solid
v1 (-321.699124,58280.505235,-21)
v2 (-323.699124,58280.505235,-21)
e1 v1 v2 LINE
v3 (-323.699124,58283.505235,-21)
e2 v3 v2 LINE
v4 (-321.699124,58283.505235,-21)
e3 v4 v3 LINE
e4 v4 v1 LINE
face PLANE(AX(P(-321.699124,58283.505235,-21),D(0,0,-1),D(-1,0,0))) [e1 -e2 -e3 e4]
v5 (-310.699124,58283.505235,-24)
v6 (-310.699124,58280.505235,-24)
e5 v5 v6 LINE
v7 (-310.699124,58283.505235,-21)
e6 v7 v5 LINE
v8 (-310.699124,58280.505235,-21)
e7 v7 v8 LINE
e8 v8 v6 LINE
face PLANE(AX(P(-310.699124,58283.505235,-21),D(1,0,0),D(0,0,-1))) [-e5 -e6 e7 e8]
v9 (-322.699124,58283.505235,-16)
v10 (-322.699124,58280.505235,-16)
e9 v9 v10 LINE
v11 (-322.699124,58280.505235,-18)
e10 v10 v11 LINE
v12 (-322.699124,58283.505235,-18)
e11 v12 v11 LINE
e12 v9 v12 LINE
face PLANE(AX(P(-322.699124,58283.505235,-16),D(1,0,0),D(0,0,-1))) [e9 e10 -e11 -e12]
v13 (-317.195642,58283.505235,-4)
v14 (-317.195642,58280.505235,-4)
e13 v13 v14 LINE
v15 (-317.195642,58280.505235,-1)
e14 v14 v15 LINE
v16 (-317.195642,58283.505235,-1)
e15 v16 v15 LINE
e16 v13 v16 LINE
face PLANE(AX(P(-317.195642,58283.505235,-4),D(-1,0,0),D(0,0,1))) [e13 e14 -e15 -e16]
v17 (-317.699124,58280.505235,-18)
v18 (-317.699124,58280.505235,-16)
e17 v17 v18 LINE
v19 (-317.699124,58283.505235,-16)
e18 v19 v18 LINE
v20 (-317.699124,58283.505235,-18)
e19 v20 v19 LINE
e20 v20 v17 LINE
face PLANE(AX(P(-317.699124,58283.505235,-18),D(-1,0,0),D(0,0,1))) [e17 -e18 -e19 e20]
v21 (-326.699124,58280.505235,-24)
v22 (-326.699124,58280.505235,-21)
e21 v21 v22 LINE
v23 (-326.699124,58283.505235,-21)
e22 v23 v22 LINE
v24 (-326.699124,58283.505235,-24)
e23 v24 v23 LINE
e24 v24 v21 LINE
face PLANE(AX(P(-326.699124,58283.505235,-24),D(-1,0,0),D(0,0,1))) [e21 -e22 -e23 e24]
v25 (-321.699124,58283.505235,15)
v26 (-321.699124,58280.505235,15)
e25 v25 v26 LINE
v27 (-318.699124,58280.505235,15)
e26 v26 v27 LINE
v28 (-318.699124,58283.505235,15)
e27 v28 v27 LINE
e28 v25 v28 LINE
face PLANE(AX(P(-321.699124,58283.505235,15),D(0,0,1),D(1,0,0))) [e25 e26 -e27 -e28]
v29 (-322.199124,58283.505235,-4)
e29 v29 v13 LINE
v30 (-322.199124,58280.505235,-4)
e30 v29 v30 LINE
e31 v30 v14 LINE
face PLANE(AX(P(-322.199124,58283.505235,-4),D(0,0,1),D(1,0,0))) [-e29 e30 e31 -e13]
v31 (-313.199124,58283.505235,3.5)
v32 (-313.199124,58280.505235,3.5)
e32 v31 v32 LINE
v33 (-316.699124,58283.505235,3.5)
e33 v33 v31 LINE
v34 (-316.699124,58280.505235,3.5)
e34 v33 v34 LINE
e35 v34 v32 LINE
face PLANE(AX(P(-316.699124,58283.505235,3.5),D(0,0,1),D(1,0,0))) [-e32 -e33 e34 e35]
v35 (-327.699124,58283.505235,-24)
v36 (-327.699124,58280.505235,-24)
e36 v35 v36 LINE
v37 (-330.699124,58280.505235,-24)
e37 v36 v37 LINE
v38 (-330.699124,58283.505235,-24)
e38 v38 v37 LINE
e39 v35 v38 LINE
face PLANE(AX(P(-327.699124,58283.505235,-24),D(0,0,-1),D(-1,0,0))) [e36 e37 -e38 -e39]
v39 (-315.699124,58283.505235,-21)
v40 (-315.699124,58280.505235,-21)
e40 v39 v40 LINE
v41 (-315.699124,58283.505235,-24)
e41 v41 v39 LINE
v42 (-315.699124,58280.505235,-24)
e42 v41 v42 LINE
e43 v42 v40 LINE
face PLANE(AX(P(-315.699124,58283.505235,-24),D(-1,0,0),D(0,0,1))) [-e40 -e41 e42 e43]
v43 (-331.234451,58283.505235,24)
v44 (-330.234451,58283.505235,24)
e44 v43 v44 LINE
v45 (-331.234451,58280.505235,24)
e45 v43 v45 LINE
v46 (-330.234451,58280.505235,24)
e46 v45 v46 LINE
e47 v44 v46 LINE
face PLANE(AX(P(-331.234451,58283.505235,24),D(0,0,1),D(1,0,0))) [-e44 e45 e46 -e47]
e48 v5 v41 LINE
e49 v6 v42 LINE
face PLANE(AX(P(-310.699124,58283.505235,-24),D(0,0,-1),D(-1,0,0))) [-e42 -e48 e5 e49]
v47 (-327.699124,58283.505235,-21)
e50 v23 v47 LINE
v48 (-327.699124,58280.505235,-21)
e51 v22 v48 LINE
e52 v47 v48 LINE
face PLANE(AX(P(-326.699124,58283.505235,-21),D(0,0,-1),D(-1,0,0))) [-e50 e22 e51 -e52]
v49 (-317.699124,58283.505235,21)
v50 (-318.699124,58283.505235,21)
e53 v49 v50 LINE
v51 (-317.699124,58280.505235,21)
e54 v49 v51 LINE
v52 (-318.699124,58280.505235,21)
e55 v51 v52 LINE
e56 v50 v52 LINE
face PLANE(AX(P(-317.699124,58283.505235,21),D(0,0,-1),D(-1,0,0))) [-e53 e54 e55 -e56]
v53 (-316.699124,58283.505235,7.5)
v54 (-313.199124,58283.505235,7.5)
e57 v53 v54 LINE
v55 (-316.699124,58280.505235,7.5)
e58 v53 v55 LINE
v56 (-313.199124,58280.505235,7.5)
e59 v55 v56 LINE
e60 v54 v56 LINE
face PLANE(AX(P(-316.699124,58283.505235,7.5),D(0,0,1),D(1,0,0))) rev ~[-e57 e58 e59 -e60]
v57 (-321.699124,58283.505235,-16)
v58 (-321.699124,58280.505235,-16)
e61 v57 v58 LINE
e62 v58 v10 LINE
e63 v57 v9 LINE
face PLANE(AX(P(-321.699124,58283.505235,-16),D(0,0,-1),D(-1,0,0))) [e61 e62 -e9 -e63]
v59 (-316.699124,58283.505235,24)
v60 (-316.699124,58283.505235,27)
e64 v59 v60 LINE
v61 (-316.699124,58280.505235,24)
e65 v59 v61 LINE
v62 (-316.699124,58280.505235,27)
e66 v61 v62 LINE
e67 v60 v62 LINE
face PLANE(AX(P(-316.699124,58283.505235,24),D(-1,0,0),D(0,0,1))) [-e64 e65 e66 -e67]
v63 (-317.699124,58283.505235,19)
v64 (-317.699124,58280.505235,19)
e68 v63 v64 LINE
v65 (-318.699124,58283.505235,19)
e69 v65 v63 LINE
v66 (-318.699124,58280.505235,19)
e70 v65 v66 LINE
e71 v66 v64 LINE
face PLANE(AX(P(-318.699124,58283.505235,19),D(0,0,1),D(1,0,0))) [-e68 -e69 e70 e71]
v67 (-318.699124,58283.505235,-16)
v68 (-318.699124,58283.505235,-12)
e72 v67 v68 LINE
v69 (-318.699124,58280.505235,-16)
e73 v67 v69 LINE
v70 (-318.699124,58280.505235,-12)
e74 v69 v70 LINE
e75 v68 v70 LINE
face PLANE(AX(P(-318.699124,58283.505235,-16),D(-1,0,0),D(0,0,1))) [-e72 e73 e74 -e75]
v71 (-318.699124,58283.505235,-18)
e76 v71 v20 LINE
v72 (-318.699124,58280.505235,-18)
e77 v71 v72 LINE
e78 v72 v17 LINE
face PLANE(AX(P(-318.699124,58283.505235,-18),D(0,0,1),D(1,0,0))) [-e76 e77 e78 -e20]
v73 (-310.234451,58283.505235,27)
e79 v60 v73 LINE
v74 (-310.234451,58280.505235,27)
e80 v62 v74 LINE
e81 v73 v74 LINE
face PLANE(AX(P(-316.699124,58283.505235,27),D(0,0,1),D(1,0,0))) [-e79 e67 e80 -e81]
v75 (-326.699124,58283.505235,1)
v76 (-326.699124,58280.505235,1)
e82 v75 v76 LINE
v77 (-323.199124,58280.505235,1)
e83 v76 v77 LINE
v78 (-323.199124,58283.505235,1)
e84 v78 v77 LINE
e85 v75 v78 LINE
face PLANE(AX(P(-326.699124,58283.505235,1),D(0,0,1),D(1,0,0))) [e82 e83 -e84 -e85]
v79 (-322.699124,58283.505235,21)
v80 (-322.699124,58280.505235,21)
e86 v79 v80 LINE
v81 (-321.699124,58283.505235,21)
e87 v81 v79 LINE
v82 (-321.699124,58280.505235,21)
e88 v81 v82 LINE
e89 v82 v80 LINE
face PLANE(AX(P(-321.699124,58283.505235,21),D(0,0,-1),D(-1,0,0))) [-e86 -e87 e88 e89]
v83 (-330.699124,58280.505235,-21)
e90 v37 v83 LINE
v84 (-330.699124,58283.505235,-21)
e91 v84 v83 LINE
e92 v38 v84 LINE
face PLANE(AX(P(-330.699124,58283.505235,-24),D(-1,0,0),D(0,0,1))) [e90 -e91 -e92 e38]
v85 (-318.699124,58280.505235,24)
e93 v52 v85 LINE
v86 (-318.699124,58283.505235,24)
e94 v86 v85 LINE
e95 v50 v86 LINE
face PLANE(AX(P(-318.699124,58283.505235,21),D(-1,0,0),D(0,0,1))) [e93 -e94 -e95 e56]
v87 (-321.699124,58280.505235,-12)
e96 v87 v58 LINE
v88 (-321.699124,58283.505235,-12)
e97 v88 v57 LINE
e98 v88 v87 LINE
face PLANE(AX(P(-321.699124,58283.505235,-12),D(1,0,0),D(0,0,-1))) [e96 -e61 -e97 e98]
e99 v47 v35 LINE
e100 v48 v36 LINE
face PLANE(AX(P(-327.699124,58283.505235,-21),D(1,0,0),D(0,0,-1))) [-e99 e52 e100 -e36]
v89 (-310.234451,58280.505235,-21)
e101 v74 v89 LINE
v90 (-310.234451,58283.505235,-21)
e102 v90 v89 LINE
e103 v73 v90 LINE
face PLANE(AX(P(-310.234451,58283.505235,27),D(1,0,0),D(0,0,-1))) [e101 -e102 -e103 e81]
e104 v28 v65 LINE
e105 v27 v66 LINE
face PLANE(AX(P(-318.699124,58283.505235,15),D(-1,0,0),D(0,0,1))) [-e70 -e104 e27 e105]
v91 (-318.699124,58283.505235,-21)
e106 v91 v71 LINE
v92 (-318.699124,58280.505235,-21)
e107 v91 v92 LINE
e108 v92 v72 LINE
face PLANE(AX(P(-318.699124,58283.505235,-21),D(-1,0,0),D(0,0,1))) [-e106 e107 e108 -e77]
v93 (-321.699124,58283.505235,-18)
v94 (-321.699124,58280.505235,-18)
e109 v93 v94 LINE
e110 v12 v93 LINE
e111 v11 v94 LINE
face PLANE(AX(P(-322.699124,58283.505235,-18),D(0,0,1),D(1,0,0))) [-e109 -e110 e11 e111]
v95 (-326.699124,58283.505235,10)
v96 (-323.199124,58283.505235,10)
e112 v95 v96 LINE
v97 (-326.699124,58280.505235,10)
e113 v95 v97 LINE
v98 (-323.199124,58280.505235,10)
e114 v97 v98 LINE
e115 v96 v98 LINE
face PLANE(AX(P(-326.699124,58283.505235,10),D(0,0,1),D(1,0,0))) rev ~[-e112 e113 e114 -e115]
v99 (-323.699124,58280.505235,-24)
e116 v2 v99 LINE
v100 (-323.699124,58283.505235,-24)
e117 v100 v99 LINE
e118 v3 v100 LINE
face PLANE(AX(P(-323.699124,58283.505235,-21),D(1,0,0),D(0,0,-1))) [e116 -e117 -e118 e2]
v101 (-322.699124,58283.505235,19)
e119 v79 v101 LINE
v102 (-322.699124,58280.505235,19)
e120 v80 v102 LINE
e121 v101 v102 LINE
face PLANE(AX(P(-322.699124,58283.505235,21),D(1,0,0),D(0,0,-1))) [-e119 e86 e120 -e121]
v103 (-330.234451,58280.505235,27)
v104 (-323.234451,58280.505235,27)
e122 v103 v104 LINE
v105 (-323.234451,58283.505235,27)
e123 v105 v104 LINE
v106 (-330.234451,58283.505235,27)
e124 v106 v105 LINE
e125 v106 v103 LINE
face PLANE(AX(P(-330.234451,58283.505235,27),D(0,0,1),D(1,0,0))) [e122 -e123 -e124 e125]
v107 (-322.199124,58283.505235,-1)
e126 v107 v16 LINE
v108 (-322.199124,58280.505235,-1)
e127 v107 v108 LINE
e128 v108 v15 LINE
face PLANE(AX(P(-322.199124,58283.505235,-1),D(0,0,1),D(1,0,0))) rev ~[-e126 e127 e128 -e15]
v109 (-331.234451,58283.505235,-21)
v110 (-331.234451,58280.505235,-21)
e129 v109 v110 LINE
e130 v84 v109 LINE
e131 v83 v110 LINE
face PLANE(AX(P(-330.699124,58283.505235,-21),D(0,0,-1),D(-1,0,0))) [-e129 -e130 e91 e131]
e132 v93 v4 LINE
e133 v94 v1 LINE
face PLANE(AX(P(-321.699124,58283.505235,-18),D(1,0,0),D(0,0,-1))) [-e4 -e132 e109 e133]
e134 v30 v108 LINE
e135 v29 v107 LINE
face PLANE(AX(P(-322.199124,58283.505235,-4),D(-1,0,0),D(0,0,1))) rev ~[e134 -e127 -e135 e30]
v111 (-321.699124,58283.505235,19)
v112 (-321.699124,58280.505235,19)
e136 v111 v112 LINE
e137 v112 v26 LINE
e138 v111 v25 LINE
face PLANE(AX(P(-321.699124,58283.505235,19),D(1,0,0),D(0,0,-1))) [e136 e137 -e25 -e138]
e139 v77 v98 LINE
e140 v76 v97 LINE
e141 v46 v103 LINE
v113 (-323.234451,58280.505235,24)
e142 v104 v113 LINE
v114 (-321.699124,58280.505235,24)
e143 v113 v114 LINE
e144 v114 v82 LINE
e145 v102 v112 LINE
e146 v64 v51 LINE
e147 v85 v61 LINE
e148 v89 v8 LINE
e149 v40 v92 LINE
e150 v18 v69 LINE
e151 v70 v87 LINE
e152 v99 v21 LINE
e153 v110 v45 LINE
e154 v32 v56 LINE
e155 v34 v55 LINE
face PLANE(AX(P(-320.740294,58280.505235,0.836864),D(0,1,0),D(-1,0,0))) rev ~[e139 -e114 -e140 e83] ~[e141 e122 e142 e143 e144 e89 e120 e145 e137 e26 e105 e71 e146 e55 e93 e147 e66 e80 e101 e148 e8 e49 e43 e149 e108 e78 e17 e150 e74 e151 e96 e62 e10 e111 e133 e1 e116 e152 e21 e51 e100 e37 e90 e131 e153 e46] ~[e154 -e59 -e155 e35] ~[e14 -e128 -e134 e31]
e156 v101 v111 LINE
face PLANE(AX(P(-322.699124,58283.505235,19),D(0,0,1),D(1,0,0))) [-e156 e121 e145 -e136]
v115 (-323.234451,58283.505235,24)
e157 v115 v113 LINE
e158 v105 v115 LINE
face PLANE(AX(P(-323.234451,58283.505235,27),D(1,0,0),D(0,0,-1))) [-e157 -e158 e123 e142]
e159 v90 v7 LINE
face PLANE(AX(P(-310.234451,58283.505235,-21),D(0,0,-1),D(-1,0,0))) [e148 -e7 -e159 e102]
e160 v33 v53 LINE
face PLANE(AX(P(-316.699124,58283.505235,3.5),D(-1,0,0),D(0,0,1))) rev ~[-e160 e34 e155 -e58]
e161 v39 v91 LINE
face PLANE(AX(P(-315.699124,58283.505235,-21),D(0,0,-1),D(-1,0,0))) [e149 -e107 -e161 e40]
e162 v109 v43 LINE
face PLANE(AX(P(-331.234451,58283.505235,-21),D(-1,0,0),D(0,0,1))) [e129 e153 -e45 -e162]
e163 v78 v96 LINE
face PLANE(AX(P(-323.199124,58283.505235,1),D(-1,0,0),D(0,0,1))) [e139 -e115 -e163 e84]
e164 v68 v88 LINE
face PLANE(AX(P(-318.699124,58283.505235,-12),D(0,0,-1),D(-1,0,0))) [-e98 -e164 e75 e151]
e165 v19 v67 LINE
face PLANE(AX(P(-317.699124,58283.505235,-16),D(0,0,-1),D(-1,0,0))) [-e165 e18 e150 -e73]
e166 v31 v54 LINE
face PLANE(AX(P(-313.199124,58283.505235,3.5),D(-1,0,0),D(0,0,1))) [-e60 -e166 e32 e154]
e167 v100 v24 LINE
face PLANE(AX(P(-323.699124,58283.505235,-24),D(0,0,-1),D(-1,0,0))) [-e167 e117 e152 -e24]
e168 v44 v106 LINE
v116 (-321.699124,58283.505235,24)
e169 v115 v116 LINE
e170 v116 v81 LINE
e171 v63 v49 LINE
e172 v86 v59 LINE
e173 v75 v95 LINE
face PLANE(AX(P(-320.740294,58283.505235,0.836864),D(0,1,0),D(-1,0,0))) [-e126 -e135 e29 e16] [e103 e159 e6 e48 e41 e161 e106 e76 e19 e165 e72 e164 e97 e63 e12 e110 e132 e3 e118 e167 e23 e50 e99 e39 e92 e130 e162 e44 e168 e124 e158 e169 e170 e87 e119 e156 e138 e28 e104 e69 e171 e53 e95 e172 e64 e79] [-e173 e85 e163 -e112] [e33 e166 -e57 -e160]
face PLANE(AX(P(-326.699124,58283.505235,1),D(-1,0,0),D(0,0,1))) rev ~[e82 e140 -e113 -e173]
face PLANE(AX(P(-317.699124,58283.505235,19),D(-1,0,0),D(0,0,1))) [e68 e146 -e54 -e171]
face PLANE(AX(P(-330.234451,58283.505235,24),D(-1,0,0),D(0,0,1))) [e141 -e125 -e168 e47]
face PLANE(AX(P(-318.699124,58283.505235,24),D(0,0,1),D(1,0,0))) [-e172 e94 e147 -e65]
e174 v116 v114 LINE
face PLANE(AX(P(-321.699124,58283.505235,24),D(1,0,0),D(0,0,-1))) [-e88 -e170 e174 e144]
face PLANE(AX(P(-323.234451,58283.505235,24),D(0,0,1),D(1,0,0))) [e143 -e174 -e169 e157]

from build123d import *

# Parameters (mm, degrees)
CROQUIS1_W                 = 3.5
CROQUIS1_H                 = 9
CROQUIS1_H_2               = 4
CROQUIS1_W_2               = 5.00348191
CROQUIS1_H_3               = 3.000000003
SALIENTE_EXTRUIR1_DEPTH    = 3
S_LIDO_MOVER_COPIAR1_ANGLE = 90


with BuildPart() as part:
    # Croquis1 → Saliente-Extruir1 (new body)
    with BuildSketch(Plane.XY):
        Polygon((-323.234450912, 58307.505235193), (-323.234450912, 58304.505235193), (-321.699124199, 58304.505235193), (-321.699124199, 58301.505235193), (-322.699124199, 58301.505235193), (-322.699124199, 58299.505235193), (-321.699124199, 58299.505235193), (-321.699124199, 58295.505235193), (-318.699124199, 58295.505235193), (-318.699124199, 58299.505235193), (-317.699124199, 58299.505235193), (-317.699124199, 58301.505235193), (-318.699124199, 58301.505235193), (-318.699124199, 58304.505235193), (-316.699124199, 58304.505235193), (-316.699124199, 58307.505235193), (-310.234450912, 58307.505235193), (-310.234450912, 58259.505235194), (-310.699124199, 58259.505235194), (-310.699124199, 58256.505235193), (-315.699124199, 58256.505235193), (-315.699124199, 58259.505235193), (-318.699124199, 58259.505235193), (-318.699124199, 58262.505235193), (-317.699124199, 58262.505235193), (-317.699124199, 58264.505235193), (-318.699124199, 58264.505235193), (-318.699124199, 58268.505235193), (-321.699124199, 58268.505235193), (-321.699124199, 58264.505235193), (-322.699124199, 58264.505235193), (-322.699124199, 58262.505235193), (-321.699124199, 58262.505235193), (-321.699124199, 58259.505235193), (-323.699124199, 58259.505235193), (-323.699124199, 58256.505235193), (-326.699124199, 58256.505235193), (-326.699124199, 58259.505235193), (-327.699124199, 58259.505235193), (-327.699124199, 58256.505235193), (-330.699124199, 58256.505235193), (-330.699124199, 58259.505235194), (-331.234450912, 58259.505235194), (-331.234450912, 58304.505235193), (-330.234450912, 58304.505235193), (-330.234450912, 58307.505235193), align=None)
        with Locations((-324.949124199, 58286.005235193)):
            Rectangle(CROQUIS1_W, CROQUIS1_H, mode=Mode.SUBTRACT)
        with Locations((-314.949124199, 58286.005235193)):
            Rectangle(CROQUIS1_W, CROQUIS1_H_2, mode=Mode.SUBTRACT)
        with Locations((-319.697383244, 58278.005235192)):
            Rectangle(CROQUIS1_W_2, CROQUIS1_H_3, mode=Mode.SUBTRACT)
    extrude(amount=SALIENTE_EXTRUIR1_DEPTH)


with BuildPart() as part_1:
    # Sólido-Mover/Copiar1: moved
    add(part.part.rotate(Axis((0, 58282.005235193, 1.5), (1, 0, 0)), S_LIDO_MOVER_COPIAR1_ANGLE))


solid = part_1.part
